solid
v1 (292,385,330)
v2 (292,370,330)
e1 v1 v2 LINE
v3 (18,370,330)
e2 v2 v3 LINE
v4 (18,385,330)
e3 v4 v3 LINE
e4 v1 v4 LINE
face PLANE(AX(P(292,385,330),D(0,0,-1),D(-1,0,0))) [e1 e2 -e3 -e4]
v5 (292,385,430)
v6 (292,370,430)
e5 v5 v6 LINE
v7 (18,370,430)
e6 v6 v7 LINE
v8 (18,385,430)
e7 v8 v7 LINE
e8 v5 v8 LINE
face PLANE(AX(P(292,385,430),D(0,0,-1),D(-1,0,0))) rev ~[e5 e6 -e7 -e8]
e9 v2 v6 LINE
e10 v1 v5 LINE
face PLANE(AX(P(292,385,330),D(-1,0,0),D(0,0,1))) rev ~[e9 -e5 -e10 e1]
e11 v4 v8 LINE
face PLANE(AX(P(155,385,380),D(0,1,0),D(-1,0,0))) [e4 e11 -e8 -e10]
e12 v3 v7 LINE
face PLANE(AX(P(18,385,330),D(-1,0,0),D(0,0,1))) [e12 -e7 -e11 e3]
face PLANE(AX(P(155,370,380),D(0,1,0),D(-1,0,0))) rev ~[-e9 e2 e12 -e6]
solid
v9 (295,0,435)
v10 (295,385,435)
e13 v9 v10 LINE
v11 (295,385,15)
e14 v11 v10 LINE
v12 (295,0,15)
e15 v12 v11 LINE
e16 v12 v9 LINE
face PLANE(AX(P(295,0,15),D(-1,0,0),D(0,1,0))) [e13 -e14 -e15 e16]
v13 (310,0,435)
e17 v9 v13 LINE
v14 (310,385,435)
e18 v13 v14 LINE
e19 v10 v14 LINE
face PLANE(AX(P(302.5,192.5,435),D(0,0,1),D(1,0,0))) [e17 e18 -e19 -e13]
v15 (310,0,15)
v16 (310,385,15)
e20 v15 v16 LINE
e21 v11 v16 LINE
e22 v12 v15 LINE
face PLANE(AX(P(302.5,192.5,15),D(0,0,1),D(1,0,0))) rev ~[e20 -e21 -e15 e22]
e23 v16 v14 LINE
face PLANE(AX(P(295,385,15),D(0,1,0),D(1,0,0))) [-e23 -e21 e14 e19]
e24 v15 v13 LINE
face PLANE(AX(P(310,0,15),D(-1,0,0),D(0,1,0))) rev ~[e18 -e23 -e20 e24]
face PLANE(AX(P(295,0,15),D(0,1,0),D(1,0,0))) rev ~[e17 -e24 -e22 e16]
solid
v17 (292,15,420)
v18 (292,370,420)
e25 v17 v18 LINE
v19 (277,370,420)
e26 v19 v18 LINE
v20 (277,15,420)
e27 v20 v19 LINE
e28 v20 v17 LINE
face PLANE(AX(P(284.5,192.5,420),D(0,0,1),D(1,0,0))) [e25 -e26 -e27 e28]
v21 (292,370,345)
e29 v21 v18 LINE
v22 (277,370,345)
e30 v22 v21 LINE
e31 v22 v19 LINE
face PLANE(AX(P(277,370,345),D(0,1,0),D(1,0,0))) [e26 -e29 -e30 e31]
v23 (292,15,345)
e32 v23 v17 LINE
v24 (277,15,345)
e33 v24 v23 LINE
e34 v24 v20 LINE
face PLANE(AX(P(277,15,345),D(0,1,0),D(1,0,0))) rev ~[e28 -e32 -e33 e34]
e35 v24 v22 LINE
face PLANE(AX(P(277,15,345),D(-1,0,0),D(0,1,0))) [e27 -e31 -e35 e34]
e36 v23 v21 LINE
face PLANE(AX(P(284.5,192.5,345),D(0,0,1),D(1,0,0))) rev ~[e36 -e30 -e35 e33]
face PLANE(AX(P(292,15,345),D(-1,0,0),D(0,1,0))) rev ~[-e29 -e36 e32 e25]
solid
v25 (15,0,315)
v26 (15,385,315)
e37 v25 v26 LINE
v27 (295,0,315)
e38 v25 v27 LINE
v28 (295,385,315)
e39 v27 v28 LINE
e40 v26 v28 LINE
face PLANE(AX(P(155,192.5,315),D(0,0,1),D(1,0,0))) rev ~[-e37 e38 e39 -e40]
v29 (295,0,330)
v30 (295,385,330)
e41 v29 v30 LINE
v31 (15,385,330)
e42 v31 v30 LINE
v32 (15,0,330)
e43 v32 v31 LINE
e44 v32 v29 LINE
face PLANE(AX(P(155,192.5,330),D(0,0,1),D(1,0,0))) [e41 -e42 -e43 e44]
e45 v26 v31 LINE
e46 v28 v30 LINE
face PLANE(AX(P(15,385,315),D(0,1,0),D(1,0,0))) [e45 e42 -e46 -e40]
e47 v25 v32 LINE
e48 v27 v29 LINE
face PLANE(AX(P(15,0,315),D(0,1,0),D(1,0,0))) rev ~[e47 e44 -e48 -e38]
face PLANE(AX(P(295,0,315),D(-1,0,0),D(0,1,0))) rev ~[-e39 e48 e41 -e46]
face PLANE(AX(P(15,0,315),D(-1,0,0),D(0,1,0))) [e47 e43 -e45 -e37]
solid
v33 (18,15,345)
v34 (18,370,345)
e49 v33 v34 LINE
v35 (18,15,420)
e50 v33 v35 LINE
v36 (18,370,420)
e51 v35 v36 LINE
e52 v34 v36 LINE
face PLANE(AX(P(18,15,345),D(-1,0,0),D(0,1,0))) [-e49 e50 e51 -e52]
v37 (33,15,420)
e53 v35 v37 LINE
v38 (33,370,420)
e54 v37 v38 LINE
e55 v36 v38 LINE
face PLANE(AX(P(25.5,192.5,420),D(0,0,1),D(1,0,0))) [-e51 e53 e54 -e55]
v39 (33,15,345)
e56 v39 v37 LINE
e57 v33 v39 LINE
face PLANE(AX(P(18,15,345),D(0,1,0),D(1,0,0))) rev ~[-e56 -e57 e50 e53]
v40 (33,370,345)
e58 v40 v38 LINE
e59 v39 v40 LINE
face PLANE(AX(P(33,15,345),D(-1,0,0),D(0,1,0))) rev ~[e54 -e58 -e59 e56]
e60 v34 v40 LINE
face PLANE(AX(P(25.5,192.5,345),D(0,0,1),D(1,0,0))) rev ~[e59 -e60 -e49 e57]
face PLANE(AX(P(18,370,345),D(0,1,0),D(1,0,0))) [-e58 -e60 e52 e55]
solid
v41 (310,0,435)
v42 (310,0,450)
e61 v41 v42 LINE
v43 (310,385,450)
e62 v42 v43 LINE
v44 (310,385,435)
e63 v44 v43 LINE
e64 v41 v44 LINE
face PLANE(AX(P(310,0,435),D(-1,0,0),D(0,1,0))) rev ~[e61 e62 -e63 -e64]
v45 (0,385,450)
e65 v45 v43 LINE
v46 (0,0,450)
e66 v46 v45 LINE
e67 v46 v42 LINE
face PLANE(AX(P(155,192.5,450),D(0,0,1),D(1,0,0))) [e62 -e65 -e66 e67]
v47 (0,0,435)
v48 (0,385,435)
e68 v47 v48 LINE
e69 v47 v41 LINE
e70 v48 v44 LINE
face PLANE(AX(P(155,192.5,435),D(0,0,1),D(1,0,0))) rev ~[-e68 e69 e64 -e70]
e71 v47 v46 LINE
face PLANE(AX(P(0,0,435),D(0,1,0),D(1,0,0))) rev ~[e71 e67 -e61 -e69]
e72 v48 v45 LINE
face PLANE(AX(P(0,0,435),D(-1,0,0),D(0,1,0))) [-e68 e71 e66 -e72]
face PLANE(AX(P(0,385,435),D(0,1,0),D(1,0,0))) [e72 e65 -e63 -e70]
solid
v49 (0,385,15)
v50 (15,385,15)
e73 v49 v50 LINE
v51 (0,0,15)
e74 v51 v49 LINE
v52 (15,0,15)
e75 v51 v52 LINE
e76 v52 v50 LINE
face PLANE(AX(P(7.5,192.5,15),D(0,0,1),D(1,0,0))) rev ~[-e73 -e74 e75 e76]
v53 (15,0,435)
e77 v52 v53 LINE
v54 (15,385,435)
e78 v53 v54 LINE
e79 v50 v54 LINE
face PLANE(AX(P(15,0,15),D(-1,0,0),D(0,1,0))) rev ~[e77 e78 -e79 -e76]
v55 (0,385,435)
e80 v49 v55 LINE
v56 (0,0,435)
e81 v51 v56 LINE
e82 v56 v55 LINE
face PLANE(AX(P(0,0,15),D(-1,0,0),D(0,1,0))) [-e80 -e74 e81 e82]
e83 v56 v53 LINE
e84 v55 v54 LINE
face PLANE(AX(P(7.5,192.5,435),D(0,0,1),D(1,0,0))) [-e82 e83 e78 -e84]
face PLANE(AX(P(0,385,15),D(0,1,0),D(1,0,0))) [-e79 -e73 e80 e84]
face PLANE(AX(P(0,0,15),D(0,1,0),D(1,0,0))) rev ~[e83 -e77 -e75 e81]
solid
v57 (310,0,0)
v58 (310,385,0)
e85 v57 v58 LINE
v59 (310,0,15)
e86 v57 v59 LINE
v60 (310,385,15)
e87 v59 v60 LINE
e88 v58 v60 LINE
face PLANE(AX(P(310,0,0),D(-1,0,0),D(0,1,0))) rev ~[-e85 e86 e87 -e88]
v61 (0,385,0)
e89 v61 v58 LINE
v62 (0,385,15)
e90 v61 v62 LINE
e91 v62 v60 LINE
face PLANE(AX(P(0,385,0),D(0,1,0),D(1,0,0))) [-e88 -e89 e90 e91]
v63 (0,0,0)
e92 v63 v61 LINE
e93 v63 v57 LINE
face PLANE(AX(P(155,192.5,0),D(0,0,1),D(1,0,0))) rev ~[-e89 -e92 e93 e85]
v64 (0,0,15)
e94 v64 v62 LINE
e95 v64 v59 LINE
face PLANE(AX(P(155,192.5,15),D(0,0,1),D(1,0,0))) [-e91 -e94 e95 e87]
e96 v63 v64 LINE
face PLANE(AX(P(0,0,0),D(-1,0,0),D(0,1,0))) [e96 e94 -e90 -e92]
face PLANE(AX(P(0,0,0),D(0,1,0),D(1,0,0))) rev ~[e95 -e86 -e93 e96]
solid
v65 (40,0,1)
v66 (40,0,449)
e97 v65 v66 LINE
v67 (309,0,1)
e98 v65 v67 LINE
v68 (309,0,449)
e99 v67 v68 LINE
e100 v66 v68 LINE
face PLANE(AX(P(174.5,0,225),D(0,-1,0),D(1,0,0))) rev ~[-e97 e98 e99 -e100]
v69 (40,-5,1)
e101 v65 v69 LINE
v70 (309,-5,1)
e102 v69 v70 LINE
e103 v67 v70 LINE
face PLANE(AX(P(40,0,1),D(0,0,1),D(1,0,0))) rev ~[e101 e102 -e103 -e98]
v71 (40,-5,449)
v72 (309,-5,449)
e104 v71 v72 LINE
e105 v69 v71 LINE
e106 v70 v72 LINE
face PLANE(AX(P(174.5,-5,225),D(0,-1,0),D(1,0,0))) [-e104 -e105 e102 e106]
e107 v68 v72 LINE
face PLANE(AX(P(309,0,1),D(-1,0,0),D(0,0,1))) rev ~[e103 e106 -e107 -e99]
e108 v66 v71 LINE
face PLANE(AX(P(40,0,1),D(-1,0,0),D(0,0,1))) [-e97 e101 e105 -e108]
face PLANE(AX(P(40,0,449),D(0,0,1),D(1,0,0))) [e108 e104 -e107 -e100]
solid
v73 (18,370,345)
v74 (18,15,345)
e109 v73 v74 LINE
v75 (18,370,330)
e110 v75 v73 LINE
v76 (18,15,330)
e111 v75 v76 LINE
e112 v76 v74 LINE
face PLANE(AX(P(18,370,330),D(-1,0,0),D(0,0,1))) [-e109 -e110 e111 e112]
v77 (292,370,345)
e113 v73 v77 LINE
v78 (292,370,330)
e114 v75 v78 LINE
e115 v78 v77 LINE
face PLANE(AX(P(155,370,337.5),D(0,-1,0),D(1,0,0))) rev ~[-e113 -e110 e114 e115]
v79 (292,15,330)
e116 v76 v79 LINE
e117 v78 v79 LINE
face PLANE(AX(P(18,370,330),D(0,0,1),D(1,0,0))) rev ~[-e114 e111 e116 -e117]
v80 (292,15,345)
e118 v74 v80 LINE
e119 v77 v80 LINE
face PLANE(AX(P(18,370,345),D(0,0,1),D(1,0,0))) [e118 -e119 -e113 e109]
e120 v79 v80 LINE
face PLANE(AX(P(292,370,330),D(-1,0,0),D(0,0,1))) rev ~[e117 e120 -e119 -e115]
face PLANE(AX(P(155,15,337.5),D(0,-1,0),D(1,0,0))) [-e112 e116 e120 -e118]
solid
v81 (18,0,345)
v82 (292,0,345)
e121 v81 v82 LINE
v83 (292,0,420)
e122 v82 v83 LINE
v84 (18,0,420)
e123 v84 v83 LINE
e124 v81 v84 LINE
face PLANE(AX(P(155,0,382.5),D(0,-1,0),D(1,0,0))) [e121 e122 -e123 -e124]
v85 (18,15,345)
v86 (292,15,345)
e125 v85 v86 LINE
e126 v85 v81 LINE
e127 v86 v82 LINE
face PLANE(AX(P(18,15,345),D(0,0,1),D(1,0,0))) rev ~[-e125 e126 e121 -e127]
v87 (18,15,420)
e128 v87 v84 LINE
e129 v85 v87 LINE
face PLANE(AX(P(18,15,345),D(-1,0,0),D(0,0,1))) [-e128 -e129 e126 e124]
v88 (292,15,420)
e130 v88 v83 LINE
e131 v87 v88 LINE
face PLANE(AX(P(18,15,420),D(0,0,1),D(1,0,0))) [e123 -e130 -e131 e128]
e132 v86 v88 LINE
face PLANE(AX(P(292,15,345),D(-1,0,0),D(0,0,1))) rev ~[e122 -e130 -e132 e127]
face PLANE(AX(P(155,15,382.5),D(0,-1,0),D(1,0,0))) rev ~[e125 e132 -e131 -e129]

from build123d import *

# Parameters (mm, degrees)
F0_W      = 310
F0_H      = 385
F1_DEPTH  = 15
F2_W      = 15
F2_H      = 385
F3_DEPTH  = 420
F5_W      = 280
F5_H      = 385
F6_DEPTH  = 15
F7_W      = 310
F7_H      = 385
F8_DEPTH  = 15
F9_W      = 269
F9_H      = 448
F10_DEPTH = 5
F11_W     = 274
F11_H     = 100
F12_DEPTH = 15
F13_W     = 274
F13_H     = 15
F14_DEPTH = 355
F15_W     = 274
F15_H     = 75
F16_DEPTH = 15
F17_W     = 15
F17_H     = 355
F18_DEPTH = 75


with BuildPart() as f1:
    # F0 (on Top) → F1 (new body)
    with BuildSketch(Plane.XY):
        with Locations((155, 192.5)):
            Rectangle(F0_W, F0_H)
    extrude(amount=F1_DEPTH)


with BuildPart() as f3:
    # F2 (on face) → F3 (new body)
    with BuildSketch(Plane.XY.offset(15)):
        with Locations((7.5, 192.5)):
            Rectangle(F2_W, F2_H)
    extrude(amount=F3_DEPTH)


with BuildPart() as f3b:
    # F2 (on face) → F3, piece 2 (new body)
    with BuildSketch(Plane.XY.offset(15)):
        with Locations((302.5, 192.5)):
            Rectangle(F2_W, F2_H)
    extrude(amount=F3_DEPTH)


with BuildPart() as f6:
    # F5 (on offset) → F6 (new body)
    with BuildSketch(Plane.XY.offset(315)):
        with Locations((155, 192.5)):
            Rectangle(F5_W, F5_H)
    extrude(amount=F6_DEPTH)


with BuildPart() as f8:
    # F7 (on face) → F8 (new body)
    with BuildSketch(Plane.XY.offset(435)):
        with Locations((155, 192.5)):
            Rectangle(F7_W, F7_H)
    extrude(amount=F8_DEPTH)


with BuildPart() as f10:
    # F9 (on face) → F10 (new body)
    with BuildSketch(Plane.XZ):
        with Locations((174.5, 225)):
            Rectangle(F9_W, F9_H)
    extrude(amount=F10_DEPTH)


with BuildPart() as f12:
    # F11 (on face) → F12 (new body)
    with BuildSketch(Plane(origin=(0, 385, 0), x_dir=(-1, 0, 0), z_dir=(0, 1, 0))):
        with Locations((-155, 380)):
            Rectangle(F11_W, F11_H)
    extrude(amount=-F12_DEPTH)


with BuildPart() as f14:
    # F13 (on face) → F14 (new body)
    with BuildSketch(Plane.XZ.offset(-370)):
        with Locations((155, 337.5)):
            Rectangle(F13_W, F13_H)
    extrude(amount=F14_DEPTH)


with BuildPart() as f16:
    # F15 (on face) → F16 (new body)
    with BuildSketch(Plane.XZ.offset(-15)):
        with Locations((155, 382.5)):
            Rectangle(F15_W, F15_H)
    extrude(amount=F16_DEPTH)


with BuildPart() as f18:
    # F17 (on face) → F18 (new body)
    with BuildSketch(Plane.XY.offset(345)):
        with Locations((25.5, 192.5)):
            Rectangle(F17_W, F17_H)
    extrude(amount=F18_DEPTH)


with BuildPart() as f18b:
    # F17 (on face) → F18, piece 2 (new body)
    with BuildSketch(Plane.XY.offset(345)):
        with Locations((284.5, 192.5)):
            Rectangle(F17_W, F17_H)
    extrude(amount=F18_DEPTH)


solid = Compound([f1.part, f3.part, f3b.part, f6.part, f8.part, f10.part, f12.part, f14.part, f16.part, f18.part, f18b.part])
